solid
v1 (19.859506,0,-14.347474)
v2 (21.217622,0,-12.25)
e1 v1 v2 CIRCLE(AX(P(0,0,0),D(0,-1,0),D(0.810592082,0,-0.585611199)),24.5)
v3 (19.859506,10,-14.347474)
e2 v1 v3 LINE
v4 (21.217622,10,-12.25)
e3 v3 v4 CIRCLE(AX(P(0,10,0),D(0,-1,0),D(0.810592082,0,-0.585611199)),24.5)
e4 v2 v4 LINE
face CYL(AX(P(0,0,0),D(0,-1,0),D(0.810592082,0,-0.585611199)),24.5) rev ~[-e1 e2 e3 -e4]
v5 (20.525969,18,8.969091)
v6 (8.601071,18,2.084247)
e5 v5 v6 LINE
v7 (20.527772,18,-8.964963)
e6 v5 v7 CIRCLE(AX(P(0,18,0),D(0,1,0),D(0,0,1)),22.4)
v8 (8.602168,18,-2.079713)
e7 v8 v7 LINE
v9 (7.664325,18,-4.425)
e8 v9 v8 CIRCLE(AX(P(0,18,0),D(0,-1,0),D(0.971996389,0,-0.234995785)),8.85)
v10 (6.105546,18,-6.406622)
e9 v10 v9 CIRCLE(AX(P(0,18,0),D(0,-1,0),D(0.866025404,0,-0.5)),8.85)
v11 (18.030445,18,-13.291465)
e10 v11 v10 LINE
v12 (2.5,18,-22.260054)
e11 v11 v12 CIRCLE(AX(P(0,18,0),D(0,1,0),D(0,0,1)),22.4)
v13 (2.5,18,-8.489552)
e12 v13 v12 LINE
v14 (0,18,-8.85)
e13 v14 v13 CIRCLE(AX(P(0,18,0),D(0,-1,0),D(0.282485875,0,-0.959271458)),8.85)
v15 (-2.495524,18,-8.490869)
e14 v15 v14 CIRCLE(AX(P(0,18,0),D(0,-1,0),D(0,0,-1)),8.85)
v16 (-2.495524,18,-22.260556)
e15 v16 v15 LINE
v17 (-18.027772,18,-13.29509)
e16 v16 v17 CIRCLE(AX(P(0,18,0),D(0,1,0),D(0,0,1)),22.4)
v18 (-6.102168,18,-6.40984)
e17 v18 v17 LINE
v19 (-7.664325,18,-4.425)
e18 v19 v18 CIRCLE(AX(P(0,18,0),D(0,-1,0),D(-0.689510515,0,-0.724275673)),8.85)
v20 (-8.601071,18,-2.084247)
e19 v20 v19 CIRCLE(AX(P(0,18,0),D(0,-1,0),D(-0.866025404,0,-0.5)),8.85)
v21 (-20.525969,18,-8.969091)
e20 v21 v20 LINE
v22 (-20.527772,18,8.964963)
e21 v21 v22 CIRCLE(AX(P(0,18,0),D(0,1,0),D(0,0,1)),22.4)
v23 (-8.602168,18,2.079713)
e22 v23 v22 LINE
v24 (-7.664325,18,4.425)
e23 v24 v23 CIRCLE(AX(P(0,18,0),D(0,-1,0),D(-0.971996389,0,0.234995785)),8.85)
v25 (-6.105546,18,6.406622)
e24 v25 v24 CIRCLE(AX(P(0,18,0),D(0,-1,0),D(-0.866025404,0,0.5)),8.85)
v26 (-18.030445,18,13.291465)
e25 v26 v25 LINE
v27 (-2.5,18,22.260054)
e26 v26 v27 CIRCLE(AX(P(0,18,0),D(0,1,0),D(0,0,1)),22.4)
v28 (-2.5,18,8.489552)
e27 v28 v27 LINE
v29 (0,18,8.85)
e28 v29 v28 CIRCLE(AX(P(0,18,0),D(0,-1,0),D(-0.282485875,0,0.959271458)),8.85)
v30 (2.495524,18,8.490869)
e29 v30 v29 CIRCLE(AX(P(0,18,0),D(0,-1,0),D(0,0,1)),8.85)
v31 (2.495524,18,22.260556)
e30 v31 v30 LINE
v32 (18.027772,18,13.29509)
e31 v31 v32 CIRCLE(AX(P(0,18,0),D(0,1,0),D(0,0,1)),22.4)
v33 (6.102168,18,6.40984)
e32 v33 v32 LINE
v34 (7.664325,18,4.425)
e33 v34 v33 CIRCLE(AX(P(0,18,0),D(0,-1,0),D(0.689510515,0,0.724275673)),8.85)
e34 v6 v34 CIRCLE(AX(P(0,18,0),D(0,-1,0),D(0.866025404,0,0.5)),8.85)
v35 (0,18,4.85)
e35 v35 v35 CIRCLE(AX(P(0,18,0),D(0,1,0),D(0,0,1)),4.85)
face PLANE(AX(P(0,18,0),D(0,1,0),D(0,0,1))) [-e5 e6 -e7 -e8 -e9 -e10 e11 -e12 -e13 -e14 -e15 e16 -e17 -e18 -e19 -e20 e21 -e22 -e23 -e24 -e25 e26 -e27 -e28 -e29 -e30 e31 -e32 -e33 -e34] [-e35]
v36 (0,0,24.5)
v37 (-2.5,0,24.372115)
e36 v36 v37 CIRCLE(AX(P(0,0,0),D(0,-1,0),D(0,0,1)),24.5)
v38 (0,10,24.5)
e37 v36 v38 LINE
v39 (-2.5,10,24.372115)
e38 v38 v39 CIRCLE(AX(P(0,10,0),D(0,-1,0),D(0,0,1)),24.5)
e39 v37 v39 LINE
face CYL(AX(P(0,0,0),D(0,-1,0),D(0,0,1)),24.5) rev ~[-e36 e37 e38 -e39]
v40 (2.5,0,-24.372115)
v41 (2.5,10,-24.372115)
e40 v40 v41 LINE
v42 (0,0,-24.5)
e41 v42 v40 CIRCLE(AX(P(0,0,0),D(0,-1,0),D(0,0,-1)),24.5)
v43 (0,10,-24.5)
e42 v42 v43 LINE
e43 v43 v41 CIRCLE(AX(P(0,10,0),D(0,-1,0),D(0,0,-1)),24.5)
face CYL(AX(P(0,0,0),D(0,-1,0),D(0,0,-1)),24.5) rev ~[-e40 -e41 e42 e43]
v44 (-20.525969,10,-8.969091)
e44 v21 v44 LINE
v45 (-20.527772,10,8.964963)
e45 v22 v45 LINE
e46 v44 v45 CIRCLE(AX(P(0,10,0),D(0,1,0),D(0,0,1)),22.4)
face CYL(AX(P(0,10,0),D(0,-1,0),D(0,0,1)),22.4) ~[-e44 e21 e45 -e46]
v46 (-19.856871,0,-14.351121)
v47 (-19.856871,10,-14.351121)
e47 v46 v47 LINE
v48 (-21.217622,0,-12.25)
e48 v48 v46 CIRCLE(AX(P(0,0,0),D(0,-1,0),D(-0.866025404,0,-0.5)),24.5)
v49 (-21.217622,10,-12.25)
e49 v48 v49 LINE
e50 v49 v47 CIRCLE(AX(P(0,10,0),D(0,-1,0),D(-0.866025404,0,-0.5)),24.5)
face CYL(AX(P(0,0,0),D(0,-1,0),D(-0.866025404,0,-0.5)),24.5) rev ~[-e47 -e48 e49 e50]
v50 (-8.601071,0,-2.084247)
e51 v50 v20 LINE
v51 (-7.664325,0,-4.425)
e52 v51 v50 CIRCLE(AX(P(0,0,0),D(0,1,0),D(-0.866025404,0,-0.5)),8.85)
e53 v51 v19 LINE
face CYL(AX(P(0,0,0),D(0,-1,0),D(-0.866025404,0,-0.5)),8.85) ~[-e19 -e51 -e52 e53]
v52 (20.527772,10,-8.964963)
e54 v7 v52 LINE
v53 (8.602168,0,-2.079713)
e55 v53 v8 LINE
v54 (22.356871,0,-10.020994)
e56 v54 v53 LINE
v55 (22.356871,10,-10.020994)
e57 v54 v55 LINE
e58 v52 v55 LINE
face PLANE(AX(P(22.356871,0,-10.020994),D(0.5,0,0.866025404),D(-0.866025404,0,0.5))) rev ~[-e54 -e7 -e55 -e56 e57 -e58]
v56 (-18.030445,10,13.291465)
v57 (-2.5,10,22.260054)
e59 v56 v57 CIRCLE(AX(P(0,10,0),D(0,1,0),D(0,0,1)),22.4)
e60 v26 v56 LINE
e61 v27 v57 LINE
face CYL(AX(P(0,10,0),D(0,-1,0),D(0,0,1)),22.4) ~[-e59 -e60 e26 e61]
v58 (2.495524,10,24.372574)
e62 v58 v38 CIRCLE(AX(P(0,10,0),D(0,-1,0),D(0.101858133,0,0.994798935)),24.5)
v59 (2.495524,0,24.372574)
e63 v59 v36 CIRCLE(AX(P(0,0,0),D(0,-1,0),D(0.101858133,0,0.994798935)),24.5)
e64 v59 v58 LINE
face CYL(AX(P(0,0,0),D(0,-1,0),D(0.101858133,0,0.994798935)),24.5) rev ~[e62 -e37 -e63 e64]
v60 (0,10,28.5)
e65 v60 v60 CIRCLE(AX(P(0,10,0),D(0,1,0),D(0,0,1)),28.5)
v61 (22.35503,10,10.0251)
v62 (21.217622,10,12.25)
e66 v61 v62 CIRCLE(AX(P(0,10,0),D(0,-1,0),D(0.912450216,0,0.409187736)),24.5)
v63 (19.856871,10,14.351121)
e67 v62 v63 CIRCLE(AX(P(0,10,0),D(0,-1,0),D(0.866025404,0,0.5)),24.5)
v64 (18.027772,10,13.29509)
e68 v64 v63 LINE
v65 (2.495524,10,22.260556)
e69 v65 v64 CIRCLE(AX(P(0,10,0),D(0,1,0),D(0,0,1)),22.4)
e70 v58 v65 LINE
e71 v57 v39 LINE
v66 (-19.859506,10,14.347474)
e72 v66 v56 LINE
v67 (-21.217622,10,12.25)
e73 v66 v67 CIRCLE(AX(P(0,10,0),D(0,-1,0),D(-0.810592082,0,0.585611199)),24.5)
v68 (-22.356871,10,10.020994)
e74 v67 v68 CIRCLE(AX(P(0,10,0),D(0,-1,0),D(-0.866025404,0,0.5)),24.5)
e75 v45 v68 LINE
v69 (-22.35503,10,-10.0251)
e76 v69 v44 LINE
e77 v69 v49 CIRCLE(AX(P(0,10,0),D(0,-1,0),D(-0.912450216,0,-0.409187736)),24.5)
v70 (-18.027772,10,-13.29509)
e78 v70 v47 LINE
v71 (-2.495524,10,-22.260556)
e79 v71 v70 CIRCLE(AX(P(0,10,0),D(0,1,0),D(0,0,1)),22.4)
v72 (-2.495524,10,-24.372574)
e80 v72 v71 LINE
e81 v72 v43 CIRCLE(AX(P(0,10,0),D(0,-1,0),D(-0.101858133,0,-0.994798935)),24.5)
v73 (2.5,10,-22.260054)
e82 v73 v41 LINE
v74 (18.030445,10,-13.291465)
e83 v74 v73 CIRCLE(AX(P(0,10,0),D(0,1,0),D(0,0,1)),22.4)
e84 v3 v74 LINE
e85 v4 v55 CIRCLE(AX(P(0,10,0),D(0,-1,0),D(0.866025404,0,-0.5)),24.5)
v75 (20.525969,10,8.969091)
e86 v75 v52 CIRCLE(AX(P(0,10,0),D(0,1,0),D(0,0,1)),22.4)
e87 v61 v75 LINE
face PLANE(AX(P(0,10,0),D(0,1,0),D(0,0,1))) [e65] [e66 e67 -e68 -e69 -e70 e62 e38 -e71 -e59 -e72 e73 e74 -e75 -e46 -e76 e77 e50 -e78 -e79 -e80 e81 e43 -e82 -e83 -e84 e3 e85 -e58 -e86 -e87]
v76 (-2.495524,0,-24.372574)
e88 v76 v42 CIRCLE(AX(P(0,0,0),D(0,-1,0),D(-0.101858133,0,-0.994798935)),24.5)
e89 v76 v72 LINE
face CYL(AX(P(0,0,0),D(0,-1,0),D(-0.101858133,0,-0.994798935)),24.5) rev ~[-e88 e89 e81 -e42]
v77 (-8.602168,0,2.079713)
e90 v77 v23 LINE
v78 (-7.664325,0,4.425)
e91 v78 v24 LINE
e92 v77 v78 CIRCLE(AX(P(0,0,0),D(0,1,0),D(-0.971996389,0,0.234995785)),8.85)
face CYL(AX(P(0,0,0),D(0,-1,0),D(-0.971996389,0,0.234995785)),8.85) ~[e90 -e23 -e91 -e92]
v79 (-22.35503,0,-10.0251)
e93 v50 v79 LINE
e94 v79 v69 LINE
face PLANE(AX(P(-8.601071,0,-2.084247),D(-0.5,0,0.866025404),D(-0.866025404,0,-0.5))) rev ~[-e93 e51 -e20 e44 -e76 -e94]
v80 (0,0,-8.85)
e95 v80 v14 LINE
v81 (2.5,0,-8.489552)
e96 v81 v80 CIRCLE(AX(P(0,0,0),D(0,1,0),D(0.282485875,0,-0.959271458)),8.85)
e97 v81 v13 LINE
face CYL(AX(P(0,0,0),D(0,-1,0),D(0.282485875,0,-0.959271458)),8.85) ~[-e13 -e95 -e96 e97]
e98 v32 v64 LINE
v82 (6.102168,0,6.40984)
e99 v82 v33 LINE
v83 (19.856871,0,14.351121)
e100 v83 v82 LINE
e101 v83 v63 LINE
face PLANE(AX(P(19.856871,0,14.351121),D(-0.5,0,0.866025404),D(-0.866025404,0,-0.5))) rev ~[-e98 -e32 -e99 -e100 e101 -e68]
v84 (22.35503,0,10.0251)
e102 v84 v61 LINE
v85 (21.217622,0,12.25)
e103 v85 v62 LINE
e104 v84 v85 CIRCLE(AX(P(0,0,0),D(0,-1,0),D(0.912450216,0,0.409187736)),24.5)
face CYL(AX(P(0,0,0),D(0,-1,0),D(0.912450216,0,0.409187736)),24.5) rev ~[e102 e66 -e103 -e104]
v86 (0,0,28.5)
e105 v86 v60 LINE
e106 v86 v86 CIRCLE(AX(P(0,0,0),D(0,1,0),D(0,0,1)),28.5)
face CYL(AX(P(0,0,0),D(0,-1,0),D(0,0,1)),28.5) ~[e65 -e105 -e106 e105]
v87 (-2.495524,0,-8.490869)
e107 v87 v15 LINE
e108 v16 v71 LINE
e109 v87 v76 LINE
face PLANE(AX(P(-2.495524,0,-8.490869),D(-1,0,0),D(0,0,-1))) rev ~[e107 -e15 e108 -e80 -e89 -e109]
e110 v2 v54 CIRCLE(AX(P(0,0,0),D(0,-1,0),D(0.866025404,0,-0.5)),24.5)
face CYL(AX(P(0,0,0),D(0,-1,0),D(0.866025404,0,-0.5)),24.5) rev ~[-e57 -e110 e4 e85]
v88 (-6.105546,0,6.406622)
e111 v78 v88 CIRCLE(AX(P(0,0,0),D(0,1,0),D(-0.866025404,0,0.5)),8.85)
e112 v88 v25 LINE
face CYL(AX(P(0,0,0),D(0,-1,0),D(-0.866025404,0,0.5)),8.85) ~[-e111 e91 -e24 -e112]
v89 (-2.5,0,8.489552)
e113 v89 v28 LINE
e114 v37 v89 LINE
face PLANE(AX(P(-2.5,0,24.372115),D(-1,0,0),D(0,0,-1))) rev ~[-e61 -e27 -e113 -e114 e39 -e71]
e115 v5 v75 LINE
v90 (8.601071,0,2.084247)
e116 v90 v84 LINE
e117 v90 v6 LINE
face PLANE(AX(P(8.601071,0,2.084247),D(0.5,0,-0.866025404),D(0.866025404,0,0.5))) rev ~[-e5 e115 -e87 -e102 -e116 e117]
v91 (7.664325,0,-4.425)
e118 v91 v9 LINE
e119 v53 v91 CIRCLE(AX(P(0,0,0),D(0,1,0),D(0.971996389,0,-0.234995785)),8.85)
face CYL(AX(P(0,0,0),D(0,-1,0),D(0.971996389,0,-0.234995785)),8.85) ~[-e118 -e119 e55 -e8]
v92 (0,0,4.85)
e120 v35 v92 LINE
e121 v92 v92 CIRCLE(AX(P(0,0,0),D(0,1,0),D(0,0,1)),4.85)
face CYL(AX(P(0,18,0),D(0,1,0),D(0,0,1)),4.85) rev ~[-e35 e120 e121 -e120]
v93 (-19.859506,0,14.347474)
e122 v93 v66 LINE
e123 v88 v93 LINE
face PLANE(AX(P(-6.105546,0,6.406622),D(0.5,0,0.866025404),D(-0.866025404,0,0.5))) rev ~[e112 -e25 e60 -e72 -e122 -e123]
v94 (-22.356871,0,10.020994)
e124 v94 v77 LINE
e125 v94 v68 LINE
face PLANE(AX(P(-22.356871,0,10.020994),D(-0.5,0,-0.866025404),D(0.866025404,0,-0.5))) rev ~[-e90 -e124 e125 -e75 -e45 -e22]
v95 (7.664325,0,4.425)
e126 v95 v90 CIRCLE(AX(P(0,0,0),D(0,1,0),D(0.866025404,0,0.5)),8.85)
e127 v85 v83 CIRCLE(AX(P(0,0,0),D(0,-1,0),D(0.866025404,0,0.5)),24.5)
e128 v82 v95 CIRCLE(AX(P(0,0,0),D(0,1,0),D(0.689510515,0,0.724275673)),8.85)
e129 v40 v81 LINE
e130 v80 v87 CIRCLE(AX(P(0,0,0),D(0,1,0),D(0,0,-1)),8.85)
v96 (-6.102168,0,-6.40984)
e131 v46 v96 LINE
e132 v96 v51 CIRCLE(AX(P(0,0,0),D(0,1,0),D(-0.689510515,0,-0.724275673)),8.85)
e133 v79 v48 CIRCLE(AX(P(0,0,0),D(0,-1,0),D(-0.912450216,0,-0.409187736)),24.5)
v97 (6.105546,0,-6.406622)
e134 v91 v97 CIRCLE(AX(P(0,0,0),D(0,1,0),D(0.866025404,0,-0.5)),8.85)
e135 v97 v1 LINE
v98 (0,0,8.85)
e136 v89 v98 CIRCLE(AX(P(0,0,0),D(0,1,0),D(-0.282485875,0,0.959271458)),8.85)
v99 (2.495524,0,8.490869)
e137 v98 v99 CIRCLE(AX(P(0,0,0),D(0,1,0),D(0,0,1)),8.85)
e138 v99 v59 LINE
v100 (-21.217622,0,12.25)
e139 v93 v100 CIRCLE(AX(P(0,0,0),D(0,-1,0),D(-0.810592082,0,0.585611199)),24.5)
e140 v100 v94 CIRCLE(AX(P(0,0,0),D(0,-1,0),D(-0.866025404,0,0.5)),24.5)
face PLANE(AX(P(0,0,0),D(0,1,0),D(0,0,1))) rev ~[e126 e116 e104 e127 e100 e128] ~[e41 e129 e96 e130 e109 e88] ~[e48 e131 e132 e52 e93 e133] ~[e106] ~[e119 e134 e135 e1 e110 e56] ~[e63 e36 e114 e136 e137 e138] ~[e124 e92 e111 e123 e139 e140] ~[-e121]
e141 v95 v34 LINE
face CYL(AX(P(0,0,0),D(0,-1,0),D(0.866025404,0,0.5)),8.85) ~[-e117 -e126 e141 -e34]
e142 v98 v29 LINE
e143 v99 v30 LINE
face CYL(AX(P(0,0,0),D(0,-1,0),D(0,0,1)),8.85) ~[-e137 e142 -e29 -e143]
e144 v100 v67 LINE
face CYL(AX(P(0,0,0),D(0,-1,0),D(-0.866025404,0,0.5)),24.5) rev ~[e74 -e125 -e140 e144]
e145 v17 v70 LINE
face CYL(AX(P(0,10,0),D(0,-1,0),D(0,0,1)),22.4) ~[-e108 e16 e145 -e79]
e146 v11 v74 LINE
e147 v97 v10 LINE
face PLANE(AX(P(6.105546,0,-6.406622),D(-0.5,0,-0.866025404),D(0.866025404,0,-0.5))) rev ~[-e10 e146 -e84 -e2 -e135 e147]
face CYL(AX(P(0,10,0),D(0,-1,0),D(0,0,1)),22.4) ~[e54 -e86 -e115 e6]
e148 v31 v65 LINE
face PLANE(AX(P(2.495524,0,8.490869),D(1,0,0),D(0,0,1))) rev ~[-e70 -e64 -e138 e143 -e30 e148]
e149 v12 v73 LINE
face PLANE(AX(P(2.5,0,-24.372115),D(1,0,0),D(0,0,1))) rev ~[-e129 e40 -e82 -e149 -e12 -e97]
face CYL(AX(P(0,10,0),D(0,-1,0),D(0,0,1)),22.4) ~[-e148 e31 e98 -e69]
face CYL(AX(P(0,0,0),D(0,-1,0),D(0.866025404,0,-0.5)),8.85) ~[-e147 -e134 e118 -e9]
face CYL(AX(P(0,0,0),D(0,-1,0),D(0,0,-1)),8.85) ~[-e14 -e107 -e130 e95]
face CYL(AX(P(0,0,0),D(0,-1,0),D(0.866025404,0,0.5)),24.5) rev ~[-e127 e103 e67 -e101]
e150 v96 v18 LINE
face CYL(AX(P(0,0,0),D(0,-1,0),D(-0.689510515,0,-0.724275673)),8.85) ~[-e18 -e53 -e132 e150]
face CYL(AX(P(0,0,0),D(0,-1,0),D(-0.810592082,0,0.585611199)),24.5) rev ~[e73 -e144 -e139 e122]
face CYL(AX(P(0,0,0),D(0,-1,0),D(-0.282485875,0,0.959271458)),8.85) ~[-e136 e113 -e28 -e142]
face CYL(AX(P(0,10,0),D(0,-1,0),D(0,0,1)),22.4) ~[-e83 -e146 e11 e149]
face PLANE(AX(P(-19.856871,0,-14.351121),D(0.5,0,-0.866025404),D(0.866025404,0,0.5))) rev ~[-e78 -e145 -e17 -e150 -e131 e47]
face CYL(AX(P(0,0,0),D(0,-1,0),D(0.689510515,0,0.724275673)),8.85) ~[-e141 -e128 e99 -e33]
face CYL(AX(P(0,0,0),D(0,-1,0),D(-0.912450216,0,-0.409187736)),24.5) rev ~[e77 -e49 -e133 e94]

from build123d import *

# Parameters (mm, degrees)
SKETCH1_R           = 28.5
BOSS_EXTRUDE1_DEPTH = 10
SKETCH2_R           = 22.4
BOSS_EXTRUDE2_DEPTH = 8
SKETCH3_R           = 4.85
CUT_EXTRUDE1_DEPTH  = 45.141816909
CUT_EXTRUDE2_DEPTH  = 45.141816909
CIRPATTERN1_COUNT   = 6


with BuildPart() as part:
    # Sketch1 → Boss-Extrude1 (new body)
    with BuildSketch(Plane(origin=(0, 0, 0), x_dir=(1, 0, 0), z_dir=(0, 1, 0))):
        with Locations(Location((0, 0, 0), (0, 0, 270))):
            Circle(SKETCH1_R)
    extrude(amount=BOSS_EXTRUDE1_DEPTH)

    # Sketch2 → Boss-Extrude2 (add)
    with BuildSketch(Plane(origin=(0, 10, 0), x_dir=(1, 0, 0), z_dir=(0, 1, 0))):
        with Locations(Location((0, 0, 0), (0, 0, 270))):
            Circle(SKETCH2_R)
    extrude(amount=BOSS_EXTRUDE2_DEPTH)

    # Sketch3 → Cut-Extrude1 (cut, through all)
    with BuildSketch(Plane(origin=(0, 18, 0), x_dir=(1, 0, 0), z_dir=(0, 1, 0))):
        with Locations(Location((0, 0, 0), (0, 0, 270))):
            Circle(SKETCH3_R)
    extrude(amount=-CUT_EXTRUDE1_DEPTH, mode=Mode.SUBTRACT)

    # Sketch9 → Cut-Extrude2 (cut, through all)
    with BuildSketch(Plane.XZ):
        with BuildLine():
            Line((0, 24.5), (0, 8.85))
            ThreePointArc((0, 8.85), (1.260616548, 8.759757184), (2.495524262, 8.490869134))
            Line((2.495524262, 8.490869134), (2.495524262, 24.372573903))
            ThreePointArc((2.495524262, 24.372573903), (1.249387725, 24.468122738), (0, 24.5))
        make_face()
        with BuildLine():
            ThreePointArc((-2.5, 8.489552403), (-1.26292542, 8.759424603), (0, 8.85))
            Line((0, 8.85), (0, 24.5))
            ThreePointArc((0, 24.5), (-1.251634383, 24.468007916), (-2.5, 24.372115214))
            Line((-2.5, 24.372115214), (-2.5, 8.489552403))
        make_face()
    cut_extrude2 = extrude(amount=-CUT_EXTRUDE2_DEPTH, mode=Mode.SUBTRACT)

    # CirPattern1: Cut-Extrude2 ×6 about axis
    cirpattern1_axis = Axis((0, 0, 0), (0, 1, 0))
    for i in range(1, CIRPATTERN1_COUNT):
        add(cut_extrude2.rotate(cirpattern1_axis, i * 360 / CIRPATTERN1_COUNT), mode=Mode.SUBTRACT)


solid = part.part
